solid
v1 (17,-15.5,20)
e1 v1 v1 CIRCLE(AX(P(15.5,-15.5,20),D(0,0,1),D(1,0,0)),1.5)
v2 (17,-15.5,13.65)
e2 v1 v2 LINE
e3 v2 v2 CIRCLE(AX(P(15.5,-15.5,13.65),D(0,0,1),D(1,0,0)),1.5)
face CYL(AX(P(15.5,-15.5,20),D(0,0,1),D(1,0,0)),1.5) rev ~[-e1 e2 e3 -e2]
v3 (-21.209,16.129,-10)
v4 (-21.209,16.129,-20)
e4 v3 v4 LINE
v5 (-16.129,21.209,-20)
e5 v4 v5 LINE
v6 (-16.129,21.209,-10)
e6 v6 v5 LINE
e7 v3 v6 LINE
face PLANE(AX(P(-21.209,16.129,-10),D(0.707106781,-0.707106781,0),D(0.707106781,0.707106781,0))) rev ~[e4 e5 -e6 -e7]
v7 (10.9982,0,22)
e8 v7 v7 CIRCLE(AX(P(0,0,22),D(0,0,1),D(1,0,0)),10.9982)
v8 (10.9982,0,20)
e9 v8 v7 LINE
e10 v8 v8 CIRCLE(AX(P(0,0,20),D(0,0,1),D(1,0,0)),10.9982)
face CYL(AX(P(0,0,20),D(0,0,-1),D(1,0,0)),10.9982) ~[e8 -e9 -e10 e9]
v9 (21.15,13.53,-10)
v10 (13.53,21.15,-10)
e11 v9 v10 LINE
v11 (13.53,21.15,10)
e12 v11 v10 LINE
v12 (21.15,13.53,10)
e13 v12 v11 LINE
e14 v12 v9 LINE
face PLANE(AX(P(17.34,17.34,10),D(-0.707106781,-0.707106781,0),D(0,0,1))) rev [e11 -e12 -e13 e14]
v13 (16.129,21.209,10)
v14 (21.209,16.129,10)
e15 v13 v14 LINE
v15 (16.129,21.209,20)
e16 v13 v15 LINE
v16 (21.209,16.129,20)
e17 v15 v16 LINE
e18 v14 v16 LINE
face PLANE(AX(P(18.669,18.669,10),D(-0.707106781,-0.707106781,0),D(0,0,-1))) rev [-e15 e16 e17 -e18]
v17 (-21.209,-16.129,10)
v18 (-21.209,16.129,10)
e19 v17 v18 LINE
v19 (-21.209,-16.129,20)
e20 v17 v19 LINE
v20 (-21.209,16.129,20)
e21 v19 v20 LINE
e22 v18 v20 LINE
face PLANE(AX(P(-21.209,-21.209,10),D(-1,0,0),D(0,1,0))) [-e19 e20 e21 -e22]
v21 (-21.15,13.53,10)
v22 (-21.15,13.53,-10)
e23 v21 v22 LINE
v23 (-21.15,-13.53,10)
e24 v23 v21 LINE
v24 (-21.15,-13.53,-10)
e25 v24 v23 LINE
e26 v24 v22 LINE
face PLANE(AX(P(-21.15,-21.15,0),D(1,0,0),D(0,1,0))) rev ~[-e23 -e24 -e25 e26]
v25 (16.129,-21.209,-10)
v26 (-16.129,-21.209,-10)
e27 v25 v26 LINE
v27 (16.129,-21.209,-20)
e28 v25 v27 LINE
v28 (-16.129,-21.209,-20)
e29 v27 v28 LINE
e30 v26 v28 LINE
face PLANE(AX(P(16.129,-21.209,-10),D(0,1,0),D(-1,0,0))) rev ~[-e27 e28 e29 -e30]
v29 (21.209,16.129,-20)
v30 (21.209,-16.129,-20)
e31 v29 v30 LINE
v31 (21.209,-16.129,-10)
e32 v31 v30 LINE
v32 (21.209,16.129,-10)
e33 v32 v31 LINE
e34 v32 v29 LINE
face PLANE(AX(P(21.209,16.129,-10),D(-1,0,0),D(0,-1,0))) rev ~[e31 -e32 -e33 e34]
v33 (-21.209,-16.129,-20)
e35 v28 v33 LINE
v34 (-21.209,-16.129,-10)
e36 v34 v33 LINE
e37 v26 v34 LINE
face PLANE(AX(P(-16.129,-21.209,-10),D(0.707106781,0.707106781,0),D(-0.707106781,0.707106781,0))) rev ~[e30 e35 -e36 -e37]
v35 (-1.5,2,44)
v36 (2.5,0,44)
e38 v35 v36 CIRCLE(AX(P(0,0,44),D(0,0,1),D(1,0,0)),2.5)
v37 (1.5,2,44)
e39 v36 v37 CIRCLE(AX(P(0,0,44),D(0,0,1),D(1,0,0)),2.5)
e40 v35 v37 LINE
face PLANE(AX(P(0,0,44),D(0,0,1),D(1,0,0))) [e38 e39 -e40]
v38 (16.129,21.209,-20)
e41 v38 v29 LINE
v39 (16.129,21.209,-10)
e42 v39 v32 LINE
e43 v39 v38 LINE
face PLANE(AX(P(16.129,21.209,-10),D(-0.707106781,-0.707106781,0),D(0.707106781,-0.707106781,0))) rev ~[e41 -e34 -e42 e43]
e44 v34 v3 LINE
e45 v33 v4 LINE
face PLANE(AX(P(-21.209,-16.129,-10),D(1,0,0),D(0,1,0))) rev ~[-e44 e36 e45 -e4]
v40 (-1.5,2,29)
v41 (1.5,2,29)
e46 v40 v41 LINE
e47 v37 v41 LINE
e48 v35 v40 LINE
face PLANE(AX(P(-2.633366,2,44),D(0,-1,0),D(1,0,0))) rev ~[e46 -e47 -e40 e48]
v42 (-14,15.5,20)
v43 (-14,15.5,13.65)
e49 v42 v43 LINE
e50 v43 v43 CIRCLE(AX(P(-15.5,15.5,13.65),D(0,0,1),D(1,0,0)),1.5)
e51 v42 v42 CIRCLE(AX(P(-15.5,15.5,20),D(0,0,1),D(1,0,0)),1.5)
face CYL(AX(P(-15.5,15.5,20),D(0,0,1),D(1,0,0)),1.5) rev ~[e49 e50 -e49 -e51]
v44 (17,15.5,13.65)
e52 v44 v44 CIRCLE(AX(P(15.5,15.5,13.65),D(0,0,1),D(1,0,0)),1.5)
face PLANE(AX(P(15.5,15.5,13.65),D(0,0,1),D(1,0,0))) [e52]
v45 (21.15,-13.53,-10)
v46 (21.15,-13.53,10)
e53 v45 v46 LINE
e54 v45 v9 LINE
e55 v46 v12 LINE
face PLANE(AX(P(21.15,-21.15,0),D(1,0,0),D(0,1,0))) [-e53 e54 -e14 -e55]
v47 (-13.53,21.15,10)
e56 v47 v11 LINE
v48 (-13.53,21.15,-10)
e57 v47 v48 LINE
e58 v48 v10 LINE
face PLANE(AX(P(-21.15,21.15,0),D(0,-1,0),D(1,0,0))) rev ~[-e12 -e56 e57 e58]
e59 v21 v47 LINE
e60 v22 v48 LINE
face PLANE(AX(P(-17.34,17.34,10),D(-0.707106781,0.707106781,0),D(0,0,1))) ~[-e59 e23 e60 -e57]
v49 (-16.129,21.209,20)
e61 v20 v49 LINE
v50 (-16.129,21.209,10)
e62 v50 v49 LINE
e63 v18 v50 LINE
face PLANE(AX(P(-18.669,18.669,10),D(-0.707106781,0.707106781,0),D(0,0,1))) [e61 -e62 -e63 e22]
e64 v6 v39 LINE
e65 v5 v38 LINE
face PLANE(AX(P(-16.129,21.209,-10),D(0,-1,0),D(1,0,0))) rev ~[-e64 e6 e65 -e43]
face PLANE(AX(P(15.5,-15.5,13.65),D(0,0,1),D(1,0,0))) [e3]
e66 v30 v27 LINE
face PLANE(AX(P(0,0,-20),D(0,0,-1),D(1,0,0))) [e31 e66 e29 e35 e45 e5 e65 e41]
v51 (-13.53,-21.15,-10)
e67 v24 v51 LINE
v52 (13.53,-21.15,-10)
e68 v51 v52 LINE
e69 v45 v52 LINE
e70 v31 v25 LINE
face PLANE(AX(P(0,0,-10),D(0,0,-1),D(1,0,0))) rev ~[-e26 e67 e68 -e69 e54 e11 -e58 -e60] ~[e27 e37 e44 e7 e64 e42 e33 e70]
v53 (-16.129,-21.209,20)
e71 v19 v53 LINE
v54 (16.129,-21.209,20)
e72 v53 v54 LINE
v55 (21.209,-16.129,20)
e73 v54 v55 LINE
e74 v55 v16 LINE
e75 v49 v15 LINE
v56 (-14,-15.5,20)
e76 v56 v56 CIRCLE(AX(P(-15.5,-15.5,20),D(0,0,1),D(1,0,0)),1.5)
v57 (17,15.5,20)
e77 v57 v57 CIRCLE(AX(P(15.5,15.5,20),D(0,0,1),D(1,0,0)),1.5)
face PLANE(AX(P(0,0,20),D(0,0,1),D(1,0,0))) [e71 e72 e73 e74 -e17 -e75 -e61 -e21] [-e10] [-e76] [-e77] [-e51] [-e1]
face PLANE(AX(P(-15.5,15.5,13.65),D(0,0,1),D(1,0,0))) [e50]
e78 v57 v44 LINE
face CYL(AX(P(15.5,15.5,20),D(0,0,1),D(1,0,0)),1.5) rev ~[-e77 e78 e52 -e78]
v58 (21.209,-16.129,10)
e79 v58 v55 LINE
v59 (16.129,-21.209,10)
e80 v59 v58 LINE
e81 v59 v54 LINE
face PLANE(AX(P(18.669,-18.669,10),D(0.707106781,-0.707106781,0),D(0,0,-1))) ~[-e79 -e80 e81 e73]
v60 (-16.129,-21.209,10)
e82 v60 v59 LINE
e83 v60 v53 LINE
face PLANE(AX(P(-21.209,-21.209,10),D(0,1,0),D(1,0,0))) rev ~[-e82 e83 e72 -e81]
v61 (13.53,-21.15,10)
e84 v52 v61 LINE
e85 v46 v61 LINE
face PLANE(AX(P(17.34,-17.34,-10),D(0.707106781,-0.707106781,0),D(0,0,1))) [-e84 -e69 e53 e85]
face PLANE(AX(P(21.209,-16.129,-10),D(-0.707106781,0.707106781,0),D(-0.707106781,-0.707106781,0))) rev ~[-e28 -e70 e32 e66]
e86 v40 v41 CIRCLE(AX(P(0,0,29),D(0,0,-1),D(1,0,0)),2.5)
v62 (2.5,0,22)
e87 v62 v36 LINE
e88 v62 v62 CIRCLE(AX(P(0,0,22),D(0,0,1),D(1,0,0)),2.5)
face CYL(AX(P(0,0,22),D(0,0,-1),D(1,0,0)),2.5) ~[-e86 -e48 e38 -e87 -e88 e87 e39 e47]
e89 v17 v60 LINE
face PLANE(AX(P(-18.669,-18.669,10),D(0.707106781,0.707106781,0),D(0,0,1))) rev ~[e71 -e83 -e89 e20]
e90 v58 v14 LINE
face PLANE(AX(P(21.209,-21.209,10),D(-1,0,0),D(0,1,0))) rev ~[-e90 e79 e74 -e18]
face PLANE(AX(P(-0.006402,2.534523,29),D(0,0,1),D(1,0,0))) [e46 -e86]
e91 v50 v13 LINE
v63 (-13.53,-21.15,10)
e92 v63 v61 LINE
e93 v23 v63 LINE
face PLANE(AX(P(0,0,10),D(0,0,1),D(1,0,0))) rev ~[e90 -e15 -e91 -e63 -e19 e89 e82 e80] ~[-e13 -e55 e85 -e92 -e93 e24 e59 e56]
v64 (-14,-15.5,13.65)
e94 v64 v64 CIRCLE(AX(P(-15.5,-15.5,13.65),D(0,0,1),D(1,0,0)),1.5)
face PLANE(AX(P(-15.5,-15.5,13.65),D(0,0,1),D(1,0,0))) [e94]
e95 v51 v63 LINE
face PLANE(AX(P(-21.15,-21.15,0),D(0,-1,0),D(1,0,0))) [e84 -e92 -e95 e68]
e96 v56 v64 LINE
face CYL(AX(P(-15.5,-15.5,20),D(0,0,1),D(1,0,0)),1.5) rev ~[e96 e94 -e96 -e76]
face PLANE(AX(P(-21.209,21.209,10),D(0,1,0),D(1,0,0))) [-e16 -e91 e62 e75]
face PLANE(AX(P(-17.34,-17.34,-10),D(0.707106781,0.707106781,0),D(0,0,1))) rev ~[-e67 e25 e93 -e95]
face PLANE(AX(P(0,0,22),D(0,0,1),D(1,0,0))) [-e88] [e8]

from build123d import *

# Parameters (mm, degrees)
F0_W      = 42.3
F0_H      = 42.3
F1_DEPTH  = 10
F2_SIZE   = 7.62
F3_W      = 42.418
F3_H      = 42.418
F4_DEPTH  = 10
F5_SIZE   = 5.08
F7_DEPTH  = 10
F8_R      = 10.9982
F9_DEPTH  = 2
F10_R     = 2.5
F11_DEPTH = 22
F13_DEPTH = 15
F14_R     = 1.5
F15_DEPTH = 6.35


with BuildPart() as f1:
    # F0 (on Top) → F1 (new body, symmetric)
    with BuildSketch(Plane.XY):
        Rectangle(F0_W, F0_H)
    extrude(amount=F1_DEPTH, both=True)

    # F2
    f2_edges = [f1.edges().sort_by_distance(p)[0] for p in [
        (21.15, 21.15, 0),
        (-21.15, 21.15, 0),
        (-21.15, -21.15, 0),
        (21.15, -21.15, 0),
    ]]
    chamfer(f2_edges, length=F2_SIZE)

    # F3 (on face) → F4 (join)
    with BuildSketch(Plane.XY.offset(10)):
        Rectangle(F3_W, F3_H)
        Polygon((-13.53, 21.15), (13.53, 21.15), (21.15, 13.53), (21.15, -13.53), (13.53, -21.15), (-13.53, -21.15), (-21.15, -13.53), (-21.15, 13.53), align=None, mode=Mode.SUBTRACT)
        Polygon((21.15, 13.53), (13.53, 21.15), (-13.53, 21.15), (-21.15, 13.53), (-21.15, -13.53), (-13.53, -21.15), (13.53, -21.15), (21.15, -13.53), align=None)
    extrude(amount=F4_DEPTH)

    # F5
    f5_edges = [f1.edges().sort_by_distance(p)[0] for p in [
        (21.209, 21.209, 15),
        (-21.209, 21.209, 15),
        (-21.209, -21.209, 15),
        (21.209, -21.209, 15),
    ]]
    chamfer(f5_edges, length=F5_SIZE)

    # F6 (on face) → F7 (join)
    with BuildSketch(Plane(origin=(0, 0, -10), x_dir=(1, 0, 0), z_dir=(0, 0, -1))):
        Polygon((16.129, 21.209), (-16.129, 21.209), (-21.209, 16.129), (-21.209, -16.129), (-16.129, -21.209), (16.129, -21.209), (21.209, -16.129), (21.209, 16.129), align=None)
        Polygon((13.53, -21.15), (-13.53, -21.15), (-21.15, -13.53), (-21.15, 13.53), (-13.53, 21.15), (13.53, 21.15), (21.15, 13.53), (21.15, -13.53), align=None, mode=Mode.SUBTRACT)
        Polygon((-21.15, -13.53), (-13.53, -21.15), (13.53, -21.15), (21.15, -13.53), (21.15, 13.53), (13.53, 21.15), (-13.53, 21.15), (-21.15, 13.53), align=None)
    extrude(amount=F7_DEPTH)

    # F8 (on face) → F9 (join)
    with BuildSketch(Plane.XY.offset(20)):
        Circle(F8_R)
    extrude(amount=F9_DEPTH)

    # F10 (on face) → F11 (join)
    with BuildSketch(Plane.XY.offset(22)):
        Circle(F10_R)
    extrude(amount=F11_DEPTH)

    # F12 (on face) → F13 (cut)
    with BuildSketch(Plane.XY.offset(44)):
        with BuildLine():
            Line((2.6203631624, 2.9334036984), (-2.6333660554, 2.9334036984))
            Line((-2.6333660554, 2.9334036984), (-2.6333660554, 2))
            Line((-2.6333660554, 2), (-1.5, 2))
            ThreePointArc((-1.5, 2), (0, 2.5), (1.5, 2))
            Line((1.5, 2), (2.6203631624, 2))
            Line((2.6203631624, 2), (2.6203631624, 2.9334036984))
        make_face()
        with BuildLine():
            ThreePointArc((1.5, 2), (0, 2.5), (-1.5, 2))
            Line((-1.5, 2), (1.5, 2))
        make_face()
    extrude(amount=-F13_DEPTH, mode=Mode.SUBTRACT)

    # F14 (on face) → F15 (cut)
    with BuildSketch(Plane.XY.offset(20)):
        with Locations((-15.5, 15.5)):
            Circle(F14_R)
        with Locations((15.5, 15.5)):
            Circle(F14_R)
        with Locations((15.5, -15.5)):
            Circle(F14_R)
        with Locations((-15.5, -15.5)):
            Circle(F14_R)
    extrude(amount=-F15_DEPTH, mode=Mode.SUBTRACT)


solid = f1.part
